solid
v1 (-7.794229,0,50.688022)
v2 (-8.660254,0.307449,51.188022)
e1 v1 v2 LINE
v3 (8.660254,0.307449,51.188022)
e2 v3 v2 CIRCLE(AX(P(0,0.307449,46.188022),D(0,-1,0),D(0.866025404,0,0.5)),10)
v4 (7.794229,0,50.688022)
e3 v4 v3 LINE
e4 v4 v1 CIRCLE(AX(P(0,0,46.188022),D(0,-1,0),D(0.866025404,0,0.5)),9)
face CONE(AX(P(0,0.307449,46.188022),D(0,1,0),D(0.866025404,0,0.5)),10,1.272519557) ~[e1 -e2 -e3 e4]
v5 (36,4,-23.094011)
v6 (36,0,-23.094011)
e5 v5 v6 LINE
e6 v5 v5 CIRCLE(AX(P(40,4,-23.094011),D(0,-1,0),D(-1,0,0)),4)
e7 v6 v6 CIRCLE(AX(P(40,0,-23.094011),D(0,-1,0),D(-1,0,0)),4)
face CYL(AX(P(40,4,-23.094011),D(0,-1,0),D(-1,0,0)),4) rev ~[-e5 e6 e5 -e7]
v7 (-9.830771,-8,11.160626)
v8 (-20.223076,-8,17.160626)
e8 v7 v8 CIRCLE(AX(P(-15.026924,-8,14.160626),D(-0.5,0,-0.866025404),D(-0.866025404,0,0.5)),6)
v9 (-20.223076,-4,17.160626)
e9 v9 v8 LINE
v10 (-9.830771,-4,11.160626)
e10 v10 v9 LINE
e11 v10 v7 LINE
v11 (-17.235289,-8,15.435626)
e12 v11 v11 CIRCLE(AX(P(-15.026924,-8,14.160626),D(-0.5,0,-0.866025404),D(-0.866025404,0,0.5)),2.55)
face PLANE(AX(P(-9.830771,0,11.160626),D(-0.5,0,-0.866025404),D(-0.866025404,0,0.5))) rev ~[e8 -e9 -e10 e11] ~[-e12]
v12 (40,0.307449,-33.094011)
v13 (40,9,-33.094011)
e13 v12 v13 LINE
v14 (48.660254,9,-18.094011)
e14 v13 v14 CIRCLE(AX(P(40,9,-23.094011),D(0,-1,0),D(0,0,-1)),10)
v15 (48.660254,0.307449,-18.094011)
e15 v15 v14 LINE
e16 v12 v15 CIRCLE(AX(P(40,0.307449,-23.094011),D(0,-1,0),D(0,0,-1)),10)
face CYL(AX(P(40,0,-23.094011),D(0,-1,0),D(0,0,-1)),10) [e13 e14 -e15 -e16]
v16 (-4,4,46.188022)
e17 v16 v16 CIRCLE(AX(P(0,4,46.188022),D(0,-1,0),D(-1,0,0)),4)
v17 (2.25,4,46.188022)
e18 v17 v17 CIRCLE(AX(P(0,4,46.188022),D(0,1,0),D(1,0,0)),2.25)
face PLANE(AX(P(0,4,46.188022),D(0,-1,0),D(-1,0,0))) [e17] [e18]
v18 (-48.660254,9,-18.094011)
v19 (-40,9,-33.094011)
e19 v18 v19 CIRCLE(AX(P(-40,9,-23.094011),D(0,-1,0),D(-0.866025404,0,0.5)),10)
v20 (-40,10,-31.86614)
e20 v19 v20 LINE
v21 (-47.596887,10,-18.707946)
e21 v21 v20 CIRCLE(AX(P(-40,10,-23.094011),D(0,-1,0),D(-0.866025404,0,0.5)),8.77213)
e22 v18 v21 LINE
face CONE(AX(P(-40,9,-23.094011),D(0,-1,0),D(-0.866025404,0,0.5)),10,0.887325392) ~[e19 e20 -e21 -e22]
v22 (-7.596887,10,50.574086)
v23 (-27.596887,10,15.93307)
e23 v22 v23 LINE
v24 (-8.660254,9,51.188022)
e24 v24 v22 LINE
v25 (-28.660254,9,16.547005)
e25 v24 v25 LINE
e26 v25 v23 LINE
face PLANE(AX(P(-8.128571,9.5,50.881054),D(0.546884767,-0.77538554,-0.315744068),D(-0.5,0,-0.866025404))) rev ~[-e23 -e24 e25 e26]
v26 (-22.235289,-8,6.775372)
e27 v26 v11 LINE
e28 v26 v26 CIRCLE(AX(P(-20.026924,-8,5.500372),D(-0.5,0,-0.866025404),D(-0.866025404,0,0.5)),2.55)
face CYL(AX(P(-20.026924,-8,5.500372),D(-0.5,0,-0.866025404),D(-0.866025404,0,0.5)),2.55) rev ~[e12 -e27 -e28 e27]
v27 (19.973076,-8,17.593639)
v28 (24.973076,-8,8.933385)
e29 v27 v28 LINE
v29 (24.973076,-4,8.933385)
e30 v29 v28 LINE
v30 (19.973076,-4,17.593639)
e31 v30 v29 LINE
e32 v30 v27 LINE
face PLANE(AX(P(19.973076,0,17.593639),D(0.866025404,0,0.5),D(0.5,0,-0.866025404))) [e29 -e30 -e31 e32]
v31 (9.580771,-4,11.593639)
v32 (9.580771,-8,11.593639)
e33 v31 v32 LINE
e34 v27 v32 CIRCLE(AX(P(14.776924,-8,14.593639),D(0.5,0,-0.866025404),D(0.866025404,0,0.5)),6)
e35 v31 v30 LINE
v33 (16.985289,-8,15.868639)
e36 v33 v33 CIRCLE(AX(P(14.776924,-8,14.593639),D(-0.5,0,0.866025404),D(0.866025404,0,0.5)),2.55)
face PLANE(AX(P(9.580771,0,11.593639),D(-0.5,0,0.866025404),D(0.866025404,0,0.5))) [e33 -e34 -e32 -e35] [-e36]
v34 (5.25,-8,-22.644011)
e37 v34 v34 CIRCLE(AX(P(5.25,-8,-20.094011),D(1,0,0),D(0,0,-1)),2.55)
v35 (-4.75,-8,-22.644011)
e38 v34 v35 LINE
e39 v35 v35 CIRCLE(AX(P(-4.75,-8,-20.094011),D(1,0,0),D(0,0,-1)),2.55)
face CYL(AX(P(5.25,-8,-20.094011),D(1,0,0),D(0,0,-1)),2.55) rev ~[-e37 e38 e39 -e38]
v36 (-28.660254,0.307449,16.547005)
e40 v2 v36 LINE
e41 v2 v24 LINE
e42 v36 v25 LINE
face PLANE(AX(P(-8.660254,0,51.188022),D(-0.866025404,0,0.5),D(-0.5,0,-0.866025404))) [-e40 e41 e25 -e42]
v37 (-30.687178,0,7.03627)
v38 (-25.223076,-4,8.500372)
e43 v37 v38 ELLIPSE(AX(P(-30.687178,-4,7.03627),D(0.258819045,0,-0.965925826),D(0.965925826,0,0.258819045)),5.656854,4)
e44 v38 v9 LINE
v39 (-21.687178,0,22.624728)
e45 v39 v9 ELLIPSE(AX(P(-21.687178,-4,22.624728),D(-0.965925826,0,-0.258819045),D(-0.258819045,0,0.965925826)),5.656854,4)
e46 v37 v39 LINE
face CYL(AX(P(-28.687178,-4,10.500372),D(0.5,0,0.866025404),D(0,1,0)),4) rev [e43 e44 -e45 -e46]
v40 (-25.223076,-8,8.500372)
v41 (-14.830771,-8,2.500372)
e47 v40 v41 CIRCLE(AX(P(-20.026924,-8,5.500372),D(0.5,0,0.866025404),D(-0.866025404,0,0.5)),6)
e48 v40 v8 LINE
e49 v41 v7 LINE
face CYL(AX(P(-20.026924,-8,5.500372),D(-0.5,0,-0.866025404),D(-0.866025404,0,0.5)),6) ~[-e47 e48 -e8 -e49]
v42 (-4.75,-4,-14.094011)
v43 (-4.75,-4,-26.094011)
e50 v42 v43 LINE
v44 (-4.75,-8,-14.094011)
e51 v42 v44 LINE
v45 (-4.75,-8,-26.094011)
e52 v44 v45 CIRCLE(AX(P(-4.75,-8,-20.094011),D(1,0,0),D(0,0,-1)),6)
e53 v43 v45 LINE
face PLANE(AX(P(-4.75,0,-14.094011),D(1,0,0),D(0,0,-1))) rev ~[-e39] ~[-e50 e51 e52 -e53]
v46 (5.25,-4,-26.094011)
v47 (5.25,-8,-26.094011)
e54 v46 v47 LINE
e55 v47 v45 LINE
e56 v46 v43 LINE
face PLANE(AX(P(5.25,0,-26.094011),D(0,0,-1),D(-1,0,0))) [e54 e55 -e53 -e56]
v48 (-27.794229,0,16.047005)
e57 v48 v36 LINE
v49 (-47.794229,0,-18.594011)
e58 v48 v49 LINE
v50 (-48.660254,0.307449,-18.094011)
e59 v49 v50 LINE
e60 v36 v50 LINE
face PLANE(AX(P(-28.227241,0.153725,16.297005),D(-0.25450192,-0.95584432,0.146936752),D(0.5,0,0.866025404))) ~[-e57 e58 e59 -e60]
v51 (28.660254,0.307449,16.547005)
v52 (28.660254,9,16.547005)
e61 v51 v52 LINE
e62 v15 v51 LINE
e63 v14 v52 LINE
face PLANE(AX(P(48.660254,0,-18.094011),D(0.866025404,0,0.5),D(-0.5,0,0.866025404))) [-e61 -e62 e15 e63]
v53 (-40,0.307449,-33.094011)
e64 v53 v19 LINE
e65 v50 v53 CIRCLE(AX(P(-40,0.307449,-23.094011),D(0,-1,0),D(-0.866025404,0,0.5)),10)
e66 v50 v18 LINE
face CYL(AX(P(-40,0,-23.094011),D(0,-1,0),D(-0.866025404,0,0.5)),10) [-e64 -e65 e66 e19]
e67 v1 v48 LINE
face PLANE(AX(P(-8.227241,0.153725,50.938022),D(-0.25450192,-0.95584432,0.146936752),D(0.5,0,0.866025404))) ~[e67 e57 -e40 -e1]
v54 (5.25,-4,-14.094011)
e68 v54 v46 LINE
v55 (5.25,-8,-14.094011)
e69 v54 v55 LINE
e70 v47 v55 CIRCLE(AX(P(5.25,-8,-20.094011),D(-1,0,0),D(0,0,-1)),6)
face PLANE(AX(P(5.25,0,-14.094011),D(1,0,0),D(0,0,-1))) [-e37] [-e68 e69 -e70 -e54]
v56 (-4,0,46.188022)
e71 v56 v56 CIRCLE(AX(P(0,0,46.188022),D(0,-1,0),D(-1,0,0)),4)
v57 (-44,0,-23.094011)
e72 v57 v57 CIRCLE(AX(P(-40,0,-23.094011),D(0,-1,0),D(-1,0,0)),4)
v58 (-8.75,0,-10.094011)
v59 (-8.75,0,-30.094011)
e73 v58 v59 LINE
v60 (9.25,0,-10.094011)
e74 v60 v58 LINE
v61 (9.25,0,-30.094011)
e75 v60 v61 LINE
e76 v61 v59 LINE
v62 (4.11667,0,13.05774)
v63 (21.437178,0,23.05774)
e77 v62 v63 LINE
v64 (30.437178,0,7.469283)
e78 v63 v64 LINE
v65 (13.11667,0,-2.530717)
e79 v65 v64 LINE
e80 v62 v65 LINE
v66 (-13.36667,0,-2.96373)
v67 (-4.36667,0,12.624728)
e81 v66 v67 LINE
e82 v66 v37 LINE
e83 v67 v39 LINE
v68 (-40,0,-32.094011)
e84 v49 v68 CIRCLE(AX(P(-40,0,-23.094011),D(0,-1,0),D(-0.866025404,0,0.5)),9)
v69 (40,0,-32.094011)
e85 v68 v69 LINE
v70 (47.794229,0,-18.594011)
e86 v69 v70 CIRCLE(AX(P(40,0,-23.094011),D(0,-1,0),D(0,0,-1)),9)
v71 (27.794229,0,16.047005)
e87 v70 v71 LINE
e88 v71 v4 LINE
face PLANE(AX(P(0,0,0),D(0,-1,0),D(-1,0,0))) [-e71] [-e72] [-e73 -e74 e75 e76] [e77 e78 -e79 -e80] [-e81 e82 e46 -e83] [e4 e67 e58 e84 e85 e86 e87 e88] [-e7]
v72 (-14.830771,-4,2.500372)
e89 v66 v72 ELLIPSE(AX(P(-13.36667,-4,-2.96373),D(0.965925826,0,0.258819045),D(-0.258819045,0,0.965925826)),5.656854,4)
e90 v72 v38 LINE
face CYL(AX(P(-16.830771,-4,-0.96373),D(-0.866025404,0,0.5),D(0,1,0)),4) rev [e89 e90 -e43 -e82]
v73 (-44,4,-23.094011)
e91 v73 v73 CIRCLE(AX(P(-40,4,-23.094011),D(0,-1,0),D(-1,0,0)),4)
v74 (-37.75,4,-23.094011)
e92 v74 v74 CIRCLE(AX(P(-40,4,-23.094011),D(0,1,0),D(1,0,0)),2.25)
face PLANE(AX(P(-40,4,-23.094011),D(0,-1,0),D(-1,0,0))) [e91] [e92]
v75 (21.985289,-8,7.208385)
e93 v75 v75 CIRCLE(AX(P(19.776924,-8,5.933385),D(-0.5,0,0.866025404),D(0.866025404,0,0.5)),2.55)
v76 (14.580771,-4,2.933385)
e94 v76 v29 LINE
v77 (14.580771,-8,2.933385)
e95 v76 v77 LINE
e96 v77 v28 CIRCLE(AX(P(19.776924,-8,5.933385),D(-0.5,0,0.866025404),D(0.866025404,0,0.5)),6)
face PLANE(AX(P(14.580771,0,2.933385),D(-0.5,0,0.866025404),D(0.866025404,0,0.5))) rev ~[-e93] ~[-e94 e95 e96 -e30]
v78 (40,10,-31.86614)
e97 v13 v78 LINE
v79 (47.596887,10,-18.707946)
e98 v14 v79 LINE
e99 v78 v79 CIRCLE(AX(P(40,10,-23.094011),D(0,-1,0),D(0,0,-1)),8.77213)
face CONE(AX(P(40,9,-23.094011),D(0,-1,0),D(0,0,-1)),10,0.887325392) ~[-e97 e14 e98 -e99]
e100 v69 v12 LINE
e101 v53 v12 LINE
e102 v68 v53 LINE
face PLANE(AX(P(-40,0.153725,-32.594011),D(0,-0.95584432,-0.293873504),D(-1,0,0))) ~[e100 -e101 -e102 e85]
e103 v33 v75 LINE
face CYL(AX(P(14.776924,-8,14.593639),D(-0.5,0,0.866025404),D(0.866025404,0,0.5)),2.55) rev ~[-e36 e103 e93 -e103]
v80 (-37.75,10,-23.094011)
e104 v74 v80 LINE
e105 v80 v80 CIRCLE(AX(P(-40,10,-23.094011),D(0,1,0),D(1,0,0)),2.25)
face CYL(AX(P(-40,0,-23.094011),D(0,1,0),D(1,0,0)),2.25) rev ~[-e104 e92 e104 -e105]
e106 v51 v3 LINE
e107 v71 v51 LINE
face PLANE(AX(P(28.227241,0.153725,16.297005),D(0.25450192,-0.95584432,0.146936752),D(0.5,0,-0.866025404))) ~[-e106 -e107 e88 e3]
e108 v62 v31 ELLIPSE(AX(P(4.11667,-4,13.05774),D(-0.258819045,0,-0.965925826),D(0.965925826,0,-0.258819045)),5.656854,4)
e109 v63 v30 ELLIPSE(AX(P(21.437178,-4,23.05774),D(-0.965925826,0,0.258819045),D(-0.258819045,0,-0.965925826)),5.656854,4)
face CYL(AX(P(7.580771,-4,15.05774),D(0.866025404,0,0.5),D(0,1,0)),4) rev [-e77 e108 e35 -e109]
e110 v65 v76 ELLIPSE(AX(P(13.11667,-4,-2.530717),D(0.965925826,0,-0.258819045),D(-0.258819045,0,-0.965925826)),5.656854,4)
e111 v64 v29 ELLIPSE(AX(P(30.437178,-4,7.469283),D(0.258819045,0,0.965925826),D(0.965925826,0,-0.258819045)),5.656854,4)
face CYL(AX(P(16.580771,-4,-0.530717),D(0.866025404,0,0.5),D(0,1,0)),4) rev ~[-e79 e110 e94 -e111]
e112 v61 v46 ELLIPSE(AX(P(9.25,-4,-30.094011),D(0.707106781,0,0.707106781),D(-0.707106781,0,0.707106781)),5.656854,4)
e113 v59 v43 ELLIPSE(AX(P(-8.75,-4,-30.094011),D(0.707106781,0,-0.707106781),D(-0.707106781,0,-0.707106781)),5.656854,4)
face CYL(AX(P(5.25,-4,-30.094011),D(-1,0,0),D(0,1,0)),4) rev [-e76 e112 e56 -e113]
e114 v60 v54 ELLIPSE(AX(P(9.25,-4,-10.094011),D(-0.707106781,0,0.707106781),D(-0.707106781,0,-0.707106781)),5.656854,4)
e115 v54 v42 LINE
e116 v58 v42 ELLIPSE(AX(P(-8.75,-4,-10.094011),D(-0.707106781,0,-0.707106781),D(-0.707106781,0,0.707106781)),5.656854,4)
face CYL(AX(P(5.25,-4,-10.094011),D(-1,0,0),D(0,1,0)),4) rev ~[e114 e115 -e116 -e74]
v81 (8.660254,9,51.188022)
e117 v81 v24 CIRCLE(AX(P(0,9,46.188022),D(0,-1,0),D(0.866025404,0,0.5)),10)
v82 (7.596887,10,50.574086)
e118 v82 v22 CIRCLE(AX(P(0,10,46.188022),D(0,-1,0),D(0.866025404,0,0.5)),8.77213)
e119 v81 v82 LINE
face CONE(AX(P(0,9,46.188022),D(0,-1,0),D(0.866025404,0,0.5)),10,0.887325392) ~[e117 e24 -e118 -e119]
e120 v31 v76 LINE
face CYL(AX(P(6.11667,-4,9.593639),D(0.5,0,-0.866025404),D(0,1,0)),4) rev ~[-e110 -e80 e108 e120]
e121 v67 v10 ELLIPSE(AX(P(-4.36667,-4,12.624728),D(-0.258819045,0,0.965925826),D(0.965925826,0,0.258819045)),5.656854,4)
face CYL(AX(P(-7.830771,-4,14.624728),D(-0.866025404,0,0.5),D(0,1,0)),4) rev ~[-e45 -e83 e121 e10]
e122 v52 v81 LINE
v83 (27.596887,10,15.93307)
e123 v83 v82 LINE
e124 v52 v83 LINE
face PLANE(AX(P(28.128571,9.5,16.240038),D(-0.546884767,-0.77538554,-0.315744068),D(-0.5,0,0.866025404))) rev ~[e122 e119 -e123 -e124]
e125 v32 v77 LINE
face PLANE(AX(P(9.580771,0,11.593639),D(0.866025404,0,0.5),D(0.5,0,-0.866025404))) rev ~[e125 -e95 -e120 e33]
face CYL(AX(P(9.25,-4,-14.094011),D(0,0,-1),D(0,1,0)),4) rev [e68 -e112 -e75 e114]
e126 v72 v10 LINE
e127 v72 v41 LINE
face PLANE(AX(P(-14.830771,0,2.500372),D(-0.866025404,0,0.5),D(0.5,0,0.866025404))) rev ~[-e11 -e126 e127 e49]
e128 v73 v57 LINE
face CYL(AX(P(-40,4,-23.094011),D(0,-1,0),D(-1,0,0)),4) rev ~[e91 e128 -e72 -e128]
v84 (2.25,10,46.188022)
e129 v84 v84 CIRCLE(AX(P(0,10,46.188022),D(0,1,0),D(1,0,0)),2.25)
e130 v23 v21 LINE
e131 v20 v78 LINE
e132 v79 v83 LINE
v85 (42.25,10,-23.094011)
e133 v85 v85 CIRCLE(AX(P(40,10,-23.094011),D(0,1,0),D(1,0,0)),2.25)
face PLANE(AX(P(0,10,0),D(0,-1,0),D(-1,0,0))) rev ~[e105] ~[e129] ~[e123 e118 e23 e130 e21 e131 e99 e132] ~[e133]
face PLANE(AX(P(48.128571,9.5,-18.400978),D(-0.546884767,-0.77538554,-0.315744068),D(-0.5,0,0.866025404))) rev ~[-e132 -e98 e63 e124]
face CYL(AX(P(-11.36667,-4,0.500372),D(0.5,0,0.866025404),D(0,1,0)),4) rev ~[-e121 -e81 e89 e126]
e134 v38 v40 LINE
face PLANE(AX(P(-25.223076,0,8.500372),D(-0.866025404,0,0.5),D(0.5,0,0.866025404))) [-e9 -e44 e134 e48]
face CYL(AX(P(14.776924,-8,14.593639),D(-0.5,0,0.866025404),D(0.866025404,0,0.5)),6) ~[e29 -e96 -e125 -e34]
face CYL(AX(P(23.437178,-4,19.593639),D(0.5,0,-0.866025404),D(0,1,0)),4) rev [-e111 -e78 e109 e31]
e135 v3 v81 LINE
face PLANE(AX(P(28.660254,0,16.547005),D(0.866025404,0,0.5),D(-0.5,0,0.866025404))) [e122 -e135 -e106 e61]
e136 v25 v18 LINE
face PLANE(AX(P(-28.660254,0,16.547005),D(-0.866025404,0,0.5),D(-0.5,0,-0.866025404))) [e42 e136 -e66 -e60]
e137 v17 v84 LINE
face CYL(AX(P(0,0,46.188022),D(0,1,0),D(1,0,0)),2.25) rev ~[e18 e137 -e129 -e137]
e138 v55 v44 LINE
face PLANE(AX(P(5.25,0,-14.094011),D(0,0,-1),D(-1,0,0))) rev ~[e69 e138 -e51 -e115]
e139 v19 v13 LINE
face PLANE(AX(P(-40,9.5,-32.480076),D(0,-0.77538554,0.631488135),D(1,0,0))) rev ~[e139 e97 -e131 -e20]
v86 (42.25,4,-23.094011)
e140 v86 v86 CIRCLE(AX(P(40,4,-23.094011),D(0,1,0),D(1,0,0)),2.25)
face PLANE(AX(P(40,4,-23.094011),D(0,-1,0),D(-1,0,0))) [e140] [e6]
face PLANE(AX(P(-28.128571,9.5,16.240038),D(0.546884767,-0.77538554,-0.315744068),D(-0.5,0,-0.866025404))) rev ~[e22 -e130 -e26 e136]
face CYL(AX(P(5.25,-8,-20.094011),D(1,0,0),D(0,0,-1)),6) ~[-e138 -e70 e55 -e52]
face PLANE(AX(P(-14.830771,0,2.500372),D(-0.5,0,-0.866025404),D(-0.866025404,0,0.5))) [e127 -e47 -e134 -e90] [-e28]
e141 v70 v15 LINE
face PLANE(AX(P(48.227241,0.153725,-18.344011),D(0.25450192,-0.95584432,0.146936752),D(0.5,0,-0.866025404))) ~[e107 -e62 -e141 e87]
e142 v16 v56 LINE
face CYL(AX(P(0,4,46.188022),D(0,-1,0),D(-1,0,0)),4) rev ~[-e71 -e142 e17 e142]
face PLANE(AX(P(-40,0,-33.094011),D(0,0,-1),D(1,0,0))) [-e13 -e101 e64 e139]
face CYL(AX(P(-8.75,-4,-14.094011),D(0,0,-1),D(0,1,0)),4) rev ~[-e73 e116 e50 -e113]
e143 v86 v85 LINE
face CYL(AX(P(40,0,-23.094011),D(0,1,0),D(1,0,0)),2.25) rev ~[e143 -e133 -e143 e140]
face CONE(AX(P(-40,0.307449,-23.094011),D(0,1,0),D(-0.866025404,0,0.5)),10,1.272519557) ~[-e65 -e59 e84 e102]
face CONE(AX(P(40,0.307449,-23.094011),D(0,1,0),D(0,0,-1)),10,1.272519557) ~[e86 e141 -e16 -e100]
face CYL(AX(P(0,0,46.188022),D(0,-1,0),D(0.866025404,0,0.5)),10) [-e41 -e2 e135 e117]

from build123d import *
from OCP.BRepFilletAPI import BRepFilletAPI_MakeChamfer

# Parameters (mm, degrees)
BOSS_EXTRUDE3_DEPTH            = 10
SKETCH13_W                     = 10
SKETCH13_H                     = 12
BOSS_EXTRUDE5_DEPTH            = 20
SKETCH15_R                     = 2.55
CUT_EXTRUDE7_DEPTH             = 82.299792521
CBORE_FOR_M4_SHCS1_D           = 4.5
CBORE_FOR_M4_SHCS1_DEPTH       = 15.5
CBORE_FOR_M4_SHCS1_CBORE_D     = 8
CBORE_FOR_M4_SHCS1_CBORE_DEPTH = 4
CBORE_FOR_M4_SHCS1_TIP         = 1.351936393
SKETCH21_R                     = 1.118017303
BOSS_EXTRUDE6_DEPTH            = 1
CIRPATTERN3_COUNT              = 3
SKETCH22_R                     = 1.118017303
CUT_EXTRUDE8_DEPTH             = 1
FILLET1_R                      = 4
CHAMFER1_SIZE                  = 1
CHAMFER1_SIZE2                 = 1.227870321
CHAMFER2_SIZE                  = 1
CHAMFER2_SIZE2                 = 0.307449129


with BuildPart() as part:
    # Sketch6 → Boss-Extrude3 (new body)
    with BuildSketch(Plane(origin=(0, 0, 0), x_dir=(1, 0, 0), z_dir=(0, 1, 0))):
        with BuildLine():
            Line((-40, 33.094010768), (40, 33.094010768))
            ThreePointArc((40, 33.094010768), (48.660254038, 28.094010768), (48.660254038, 18.094010768))
            Line((48.660254038, 18.094010768), (28.660254038, -16.547005384))
            Line((28.660254038, -16.547005384), (8.660254038, -51.188021535))
            ThreePointArc((8.660254038, -51.188021535), (0, -56.188021535), (-8.660254038, -51.188021535))
            Line((-8.660254038, -51.188021535), (-28.660254038, -16.547005384))
            Line((-28.660254038, -16.547005384), (-48.660254038, 18.094010768))
            ThreePointArc((-48.660254038, 18.094010768), (-48.660254038, 28.094010768), (-40, 33.094010768))
        make_face()
    extrude(amount=BOSS_EXTRUDE3_DEPTH)

    # Sketch13 → Boss-Extrude5 (add)
    with BuildSketch(Plane(origin=(0, 0, 0), x_dir=(-1, 0, 0), z_dir=(0, -1, 0))):
        with Locations((-0.25, 20.094010768)):
            Rectangle(SKETCH13_W, SKETCH13_H)
    boss_extrude5 = extrude(amount=BOSS_EXTRUDE5_DEPTH)

    # Sketch15 → Cut-Extrude7 (cut, through all)
    with BuildSketch(Plane(origin=(5.25, 0, 0), x_dir=(0, 0, -1), z_dir=(1, 0, 0))):
        with Locations((20.094010768, -8)):
            Circle(SKETCH15_R)
        with BuildLine():
            Line((14.094010768, -8), (14.094010768, -20))
            Line((14.094010768, -20), (26.094010768, -20))
            Line((26.094010768, -20), (26.094010768, -8))
            ThreePointArc((26.094010768, -8), (20.094010768, -14), (14.094010768, -8))
        make_face()
    cut_extrude7 = extrude(amount=-CUT_EXTRUDE7_DEPTH, mode=Mode.SUBTRACT)

    # CBORE for M4 SHCS1
    with Locations(Plane(origin=(0, 0, 0), x_dir=(-1, 0, 0), z_dir=(0, -1, 0))):
        with Locations((-40, 23.094010768), (40, 23.094010768), (0, -46.188021535)):
            CounterBoreHole(CBORE_FOR_M4_SHCS1_D / 2, CBORE_FOR_M4_SHCS1_CBORE_D / 2, CBORE_FOR_M4_SHCS1_CBORE_DEPTH, depth=CBORE_FOR_M4_SHCS1_DEPTH)
            with Locations((0, 0, -(CBORE_FOR_M4_SHCS1_DEPTH + CBORE_FOR_M4_SHCS1_TIP / 2))):  # 118° drill point
                Cone(0, CBORE_FOR_M4_SHCS1_D / 2, CBORE_FOR_M4_SHCS1_TIP, mode=Mode.SUBTRACT)

    # Sketch21 → Boss-Extrude6 (add)
    with BuildSketch(Plane(origin=(0, 0, 0), x_dir=(-1, 0, 0), z_dir=(0, -1, 0))):
        with Locations(Location((0, 0, 0), (0, 0, 270))):
            Circle(SKETCH21_R)
    boss_extrude6 = extrude(amount=BOSS_EXTRUDE6_DEPTH)

    # CirPattern3: Boss-Extrude5, Cut-Extrude7, Boss-Extrude6 ×3 about axis
    cirpattern3_axis = Axis((0, 0, 0), (0, 1, 0))
    add([boss_extrude5.rotate(cirpattern3_axis, i * 360 / CIRPATTERN3_COUNT) for i in range(1, CIRPATTERN3_COUNT)])
    add([cut_extrude7.rotate(cirpattern3_axis, i * 360 / CIRPATTERN3_COUNT) for i in range(1, CIRPATTERN3_COUNT)], mode=Mode.SUBTRACT)
    add([boss_extrude6.rotate(cirpattern3_axis, i * 360 / CIRPATTERN3_COUNT) for i in range(1, CIRPATTERN3_COUNT)])

    # Sketch22 → Cut-Extrude8 (cut)
    with BuildSketch(Plane(origin=(0, -1, 0), x_dir=(-1, 0, 0), z_dir=(0, -1, 0))):
        Circle(SKETCH22_R)
    extrude(amount=-CUT_EXTRUDE8_DEPTH, mode=Mode.SUBTRACT)

    # Fillet1
    fillet1_edges = [part.edges().sort_by_distance(p)[0] for p in [
        (-12.330771366, 0, 6.830499033),
        (-15.026923789, 0, 14.160626052),
        (-22.723076211, 0, 12.830499033),
        (-20.026923789, 0, 5.500372014),
        (0.25, 0, -14.094010768),
        (-4.75, 0, -20.094010768),
        (0.25, 0, -26.094010768),
        (5.25, 0, -20.094010768),
        (12.080771366, 0, 7.263511735),
        (19.776923789, 0, 5.933384716),
        (22.473076211, 0, 13.263511735),
        (14.776923789, 0, 14.593638754),
    ]]
    fillet(fillet1_edges, radius=FILLET1_R)

    # Chamfer1: one chamfer whose edges measure the first distance from different faces: ONE call of the kernel's chamfer builder (chamfer() names one face for all edges)
    chamfer1_edges_1 = [part.edges().sort_by_distance(p)[0] for p in [
        (-48.660254038, 10, -28.094010768),
    ]]
    chamfer1_side_1 = [part.faces().sort_by_distance(p)[0] for p in [
        (-48.660254038, 5, -28.094010768),
    ]]
    chamfer1_edges_2 = [part.edges().sort_by_distance(p)[0] for p in [
        (-28.660254038, 10, 16.547005384),
    ]]
    chamfer1_side_2 = [part.faces().sort_by_distance(p)[0] for p in [
        (-28.660254038, 5, 16.547005384),
    ]]
    chamfer1_edges_3 = [part.edges().sort_by_distance(p)[0] for p in [
        (0, 10, 56.188021535),
    ]]
    chamfer1_side_3 = [part.faces().sort_by_distance(p)[0] for p in [
        (0, 5, 56.188021535),
    ]]
    chamfer1_edges_4 = [part.edges().sort_by_distance(p)[0] for p in [
        (28.660254038, 10, 16.547005384),
    ]]
    chamfer1_side_4 = [part.faces().sort_by_distance(p)[0] for p in [
        (28.660254038, 5, 16.547005384),
    ]]
    chamfer1_edges_5 = [part.edges().sort_by_distance(p)[0] for p in [
        (48.660254038, 10, -28.094010768),
    ]]
    chamfer1_side_5 = [part.faces().sort_by_distance(p)[0] for p in [
        (48.660254038, 5, -28.094010768),
    ]]
    chamfer1_edges_6 = [part.edges().sort_by_distance(p)[0] for p in [
        (0, 10, -33.094010768),
    ]]
    chamfer1_side_6 = [part.faces().sort_by_distance(p)[0] for p in [
        (0, 5, -33.094010768),
    ]]
    chamfer1 = BRepFilletAPI_MakeChamfer(part.part.solid().wrapped)
    for e in chamfer1_edges_1:
        chamfer1.Add(CHAMFER1_SIZE, CHAMFER1_SIZE2, e.wrapped, chamfer1_side_1[0].wrapped)  # the first distance lies on this face
    for e in chamfer1_edges_2:
        chamfer1.Add(CHAMFER1_SIZE, CHAMFER1_SIZE2, e.wrapped, chamfer1_side_2[0].wrapped)  # the first distance lies on this face
    for e in chamfer1_edges_3:
        chamfer1.Add(CHAMFER1_SIZE, CHAMFER1_SIZE2, e.wrapped, chamfer1_side_3[0].wrapped)  # the first distance lies on this face
    for e in chamfer1_edges_4:
        chamfer1.Add(CHAMFER1_SIZE, CHAMFER1_SIZE2, e.wrapped, chamfer1_side_4[0].wrapped)  # the first distance lies on this face
    for e in chamfer1_edges_5:
        chamfer1.Add(CHAMFER1_SIZE, CHAMFER1_SIZE2, e.wrapped, chamfer1_side_5[0].wrapped)  # the first distance lies on this face
    for e in chamfer1_edges_6:
        chamfer1.Add(CHAMFER1_SIZE, CHAMFER1_SIZE2, e.wrapped, chamfer1_side_6[0].wrapped)  # the first distance lies on this face
    add(Compound.cast(chamfer1.Shape()), mode=Mode.REPLACE)

    # Chamfer2
    chamfer2_edges = [part.edges().sort_by_distance(p)[0] for p in [
        (-48.660254038, 0, -28.094010768),
        (0, 0, -33.094010768),
        (48.660254038, 0, -28.094010768),
        (28.660254038, 0, 16.547005384),
        (0, 0, 56.188021535),
        (-28.660254038, 0, 16.547005384),
    ]]
    chamfer2_side = [part.faces().sort_by_distance(p)[0] for p in [
        (0, 0, 0),
    ]]
    chamfer(chamfer2_edges, length=CHAMFER2_SIZE, length2=CHAMFER2_SIZE2, reference=chamfer2_side[0])


solid = part.part
